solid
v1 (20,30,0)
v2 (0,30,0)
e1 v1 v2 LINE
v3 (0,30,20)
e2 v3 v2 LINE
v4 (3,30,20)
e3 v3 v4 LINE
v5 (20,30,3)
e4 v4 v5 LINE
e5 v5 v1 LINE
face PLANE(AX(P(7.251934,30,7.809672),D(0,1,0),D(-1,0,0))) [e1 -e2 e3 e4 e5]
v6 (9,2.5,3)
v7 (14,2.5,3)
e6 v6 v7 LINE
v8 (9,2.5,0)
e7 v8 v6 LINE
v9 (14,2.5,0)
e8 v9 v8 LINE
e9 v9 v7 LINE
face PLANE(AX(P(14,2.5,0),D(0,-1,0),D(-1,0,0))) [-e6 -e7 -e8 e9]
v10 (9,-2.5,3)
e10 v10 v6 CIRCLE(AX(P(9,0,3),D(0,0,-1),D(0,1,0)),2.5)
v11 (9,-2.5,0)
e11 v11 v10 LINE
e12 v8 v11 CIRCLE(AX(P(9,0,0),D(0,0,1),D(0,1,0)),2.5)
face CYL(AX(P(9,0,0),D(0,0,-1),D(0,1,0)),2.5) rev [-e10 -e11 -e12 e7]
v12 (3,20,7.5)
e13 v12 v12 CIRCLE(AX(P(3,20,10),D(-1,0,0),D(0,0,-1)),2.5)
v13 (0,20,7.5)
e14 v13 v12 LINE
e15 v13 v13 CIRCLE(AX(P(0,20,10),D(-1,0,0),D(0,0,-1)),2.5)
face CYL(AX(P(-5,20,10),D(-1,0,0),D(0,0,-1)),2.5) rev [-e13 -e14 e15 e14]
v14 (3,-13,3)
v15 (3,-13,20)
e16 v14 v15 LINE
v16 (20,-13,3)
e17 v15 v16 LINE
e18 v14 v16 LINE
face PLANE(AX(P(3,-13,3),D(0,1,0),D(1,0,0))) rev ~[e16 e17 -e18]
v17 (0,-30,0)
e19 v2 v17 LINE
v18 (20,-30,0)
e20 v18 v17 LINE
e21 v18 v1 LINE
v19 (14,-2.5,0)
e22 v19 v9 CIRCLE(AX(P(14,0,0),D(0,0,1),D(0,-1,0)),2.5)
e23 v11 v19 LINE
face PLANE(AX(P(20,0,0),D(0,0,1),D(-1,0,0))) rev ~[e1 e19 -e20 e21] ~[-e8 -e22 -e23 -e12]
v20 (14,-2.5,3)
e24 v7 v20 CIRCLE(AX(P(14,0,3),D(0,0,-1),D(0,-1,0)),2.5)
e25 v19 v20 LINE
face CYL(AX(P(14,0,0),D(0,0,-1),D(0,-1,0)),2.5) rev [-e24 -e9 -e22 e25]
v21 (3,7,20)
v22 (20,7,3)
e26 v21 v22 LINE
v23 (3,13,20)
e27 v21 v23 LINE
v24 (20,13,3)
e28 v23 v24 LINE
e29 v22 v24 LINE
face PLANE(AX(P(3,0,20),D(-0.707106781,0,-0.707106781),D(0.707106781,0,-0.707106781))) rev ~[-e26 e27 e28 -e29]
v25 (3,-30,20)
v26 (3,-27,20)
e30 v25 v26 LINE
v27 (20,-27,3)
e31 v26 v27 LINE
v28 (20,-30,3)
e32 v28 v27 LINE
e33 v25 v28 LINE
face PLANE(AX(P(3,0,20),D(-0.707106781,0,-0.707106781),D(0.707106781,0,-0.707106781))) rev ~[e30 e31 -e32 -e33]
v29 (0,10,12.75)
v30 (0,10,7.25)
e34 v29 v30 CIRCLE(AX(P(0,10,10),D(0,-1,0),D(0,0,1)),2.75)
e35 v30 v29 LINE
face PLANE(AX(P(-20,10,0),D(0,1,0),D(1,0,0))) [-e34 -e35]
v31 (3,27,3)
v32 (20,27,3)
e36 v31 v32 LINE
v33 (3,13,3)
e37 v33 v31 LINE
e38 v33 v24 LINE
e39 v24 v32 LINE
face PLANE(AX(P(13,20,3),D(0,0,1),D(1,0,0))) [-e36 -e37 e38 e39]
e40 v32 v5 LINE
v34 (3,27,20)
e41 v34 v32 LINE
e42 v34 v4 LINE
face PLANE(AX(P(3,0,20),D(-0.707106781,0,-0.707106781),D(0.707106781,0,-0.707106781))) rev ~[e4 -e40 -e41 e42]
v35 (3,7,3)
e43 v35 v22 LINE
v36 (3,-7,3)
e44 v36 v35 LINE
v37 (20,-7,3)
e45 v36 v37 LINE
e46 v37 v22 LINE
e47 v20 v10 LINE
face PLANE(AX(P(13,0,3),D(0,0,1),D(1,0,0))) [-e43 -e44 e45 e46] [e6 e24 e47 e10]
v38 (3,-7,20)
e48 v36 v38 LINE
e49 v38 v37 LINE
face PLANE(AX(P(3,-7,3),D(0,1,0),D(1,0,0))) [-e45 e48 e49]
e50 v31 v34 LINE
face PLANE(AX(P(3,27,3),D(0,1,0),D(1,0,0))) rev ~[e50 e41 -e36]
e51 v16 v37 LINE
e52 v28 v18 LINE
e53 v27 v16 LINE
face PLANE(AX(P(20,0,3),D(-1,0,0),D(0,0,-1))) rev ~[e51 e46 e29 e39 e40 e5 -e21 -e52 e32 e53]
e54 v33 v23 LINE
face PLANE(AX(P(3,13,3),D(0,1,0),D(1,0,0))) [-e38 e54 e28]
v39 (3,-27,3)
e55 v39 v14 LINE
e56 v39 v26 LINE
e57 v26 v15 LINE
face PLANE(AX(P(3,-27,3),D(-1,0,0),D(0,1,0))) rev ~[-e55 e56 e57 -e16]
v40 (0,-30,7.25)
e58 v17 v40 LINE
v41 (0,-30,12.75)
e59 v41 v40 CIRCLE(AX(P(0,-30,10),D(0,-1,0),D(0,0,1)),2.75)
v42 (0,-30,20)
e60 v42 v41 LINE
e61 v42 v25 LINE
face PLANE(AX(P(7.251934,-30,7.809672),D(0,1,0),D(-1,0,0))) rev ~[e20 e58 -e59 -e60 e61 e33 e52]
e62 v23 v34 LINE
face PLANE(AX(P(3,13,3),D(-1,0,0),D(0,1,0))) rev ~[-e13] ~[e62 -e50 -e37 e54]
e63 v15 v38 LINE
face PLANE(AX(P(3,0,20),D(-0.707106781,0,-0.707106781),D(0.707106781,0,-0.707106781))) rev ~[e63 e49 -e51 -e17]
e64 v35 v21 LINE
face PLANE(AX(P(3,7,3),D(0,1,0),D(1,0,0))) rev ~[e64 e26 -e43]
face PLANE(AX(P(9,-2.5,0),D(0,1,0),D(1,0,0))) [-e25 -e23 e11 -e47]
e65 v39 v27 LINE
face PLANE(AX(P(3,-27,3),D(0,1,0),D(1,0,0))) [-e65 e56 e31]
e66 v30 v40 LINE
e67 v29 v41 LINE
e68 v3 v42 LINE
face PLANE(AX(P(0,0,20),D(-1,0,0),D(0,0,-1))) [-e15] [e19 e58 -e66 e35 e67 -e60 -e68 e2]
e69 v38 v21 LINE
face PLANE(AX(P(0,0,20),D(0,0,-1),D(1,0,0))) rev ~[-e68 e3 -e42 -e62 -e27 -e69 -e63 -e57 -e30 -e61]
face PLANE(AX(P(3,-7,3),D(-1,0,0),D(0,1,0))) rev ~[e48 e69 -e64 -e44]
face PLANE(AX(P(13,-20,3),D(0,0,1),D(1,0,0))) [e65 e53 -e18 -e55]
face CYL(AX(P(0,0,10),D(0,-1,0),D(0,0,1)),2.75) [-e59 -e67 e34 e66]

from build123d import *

# Parameters (mm, degrees)
BOX_W            = 20
BOX_H            = 20
BOX_DEPTH        = 20
EXTRUDE001_DEPTH = 50
CYLINDER_R       = 2.5
CYLINDER_DEPTH   = 10
BOX001_W         = 20
BOX001_H         = 14
BOX001_DEPTH     = 20
ARRAY_Y_COUNT    = 3
ARRAY_Y_PITCH    = 20
EXTRUDE_DEPTH    = 30


with BuildPart() as bolt_item_cube_cutter:
    # Box → Box (new body)
    with BuildSketch(Plane(origin=(-20, 10, 0), x_dir=(1, 0, 0), z_dir=(0, 0, 1))):
        with Locations((10, 10)):
            Rectangle(BOX_W, BOX_H)
    extrude(amount=BOX_DEPTH)


with BuildPart() as bottom_bolt_hole_extrude:
    # Sketch001 → Extrude001 (new body)
    with BuildSketch(Plane.XY):
        with BuildLine():
            ThreePointArc((-2.5, 2.5), (-5, 0), (-2.5, -2.5))
            Line((-2.5, -2.5), (2.5, -2.5))
            ThreePointArc((2.5, -2.5), (5, 0), (2.5, 2.5))
            Line((2.5, 2.5), (-2.5, 2.5))
        make_face()
    extrude(amount=EXTRUDE001_DEPTH)


with BuildPart() as bottom_bolt_hole_extrude_1:
    # Extrude001 placement: moved
    add(bottom_bolt_hole_extrude.part.moved(Location((11.5, 0, 0))))


with BuildPart() as bolt_hole:
    # Cylinder → Cylinder (new body)
    with BuildSketch(Plane(origin=(-5, 20, 10), x_dir=(0, 0, -1), z_dir=(1, 0, 0))):
        Circle(CYLINDER_R)
    extrude(amount=CYLINDER_DEPTH)


with BuildPart() as leg_extract:
    # Box001 → Box001 (new body)
    with BuildSketch(Plane(origin=(3, -27, 3), x_dir=(1, 0, 0), z_dir=(0, 0, 1))):
        with Locations((10, 7)):
            Rectangle(BOX001_W, BOX001_H)
    extrude(amount=BOX001_DEPTH)

    # Array Y: leg extract ×3


with BuildPart() as leg_extract_1:
    add(leg_extract.part)
    with Locations(*[(0, i * ARRAY_Y_PITCH, 0) for i in range(1, ARRAY_Y_COUNT)]):
        add(leg_extract.part)

    # Fusion: union bolt item cube cutter, bottom bolt hole extrude, bolt hole
    add(bolt_item_cube_cutter.part)
    add(bottom_bolt_hole_extrude_1.part)
    add(bolt_hole.part)


with BuildPart() as leg_cut:
    # Sketch → Extrude (new body, symmetric)
    with BuildSketch(Plane.XZ):
        with BuildLine():
            Line((0, 20), (3, 20))
            Line((3, 20), (20, 3))
            Line((20, 3), (20, 0))
            Line((20, 0), (0, 0))
            Line((0, 0), (0, 7.25))
            ThreePointArc((0, 12.75), (-2.75, 10), (0, 7.25))
            Line((0, 20), (0, 12.75))
        make_face()
    extrude(amount=EXTRUDE_DEPTH, both=True)

    # Cut: cut leg extract
    add(leg_extract_1.part, mode=Mode.SUBTRACT)


solid = leg_cut.part
